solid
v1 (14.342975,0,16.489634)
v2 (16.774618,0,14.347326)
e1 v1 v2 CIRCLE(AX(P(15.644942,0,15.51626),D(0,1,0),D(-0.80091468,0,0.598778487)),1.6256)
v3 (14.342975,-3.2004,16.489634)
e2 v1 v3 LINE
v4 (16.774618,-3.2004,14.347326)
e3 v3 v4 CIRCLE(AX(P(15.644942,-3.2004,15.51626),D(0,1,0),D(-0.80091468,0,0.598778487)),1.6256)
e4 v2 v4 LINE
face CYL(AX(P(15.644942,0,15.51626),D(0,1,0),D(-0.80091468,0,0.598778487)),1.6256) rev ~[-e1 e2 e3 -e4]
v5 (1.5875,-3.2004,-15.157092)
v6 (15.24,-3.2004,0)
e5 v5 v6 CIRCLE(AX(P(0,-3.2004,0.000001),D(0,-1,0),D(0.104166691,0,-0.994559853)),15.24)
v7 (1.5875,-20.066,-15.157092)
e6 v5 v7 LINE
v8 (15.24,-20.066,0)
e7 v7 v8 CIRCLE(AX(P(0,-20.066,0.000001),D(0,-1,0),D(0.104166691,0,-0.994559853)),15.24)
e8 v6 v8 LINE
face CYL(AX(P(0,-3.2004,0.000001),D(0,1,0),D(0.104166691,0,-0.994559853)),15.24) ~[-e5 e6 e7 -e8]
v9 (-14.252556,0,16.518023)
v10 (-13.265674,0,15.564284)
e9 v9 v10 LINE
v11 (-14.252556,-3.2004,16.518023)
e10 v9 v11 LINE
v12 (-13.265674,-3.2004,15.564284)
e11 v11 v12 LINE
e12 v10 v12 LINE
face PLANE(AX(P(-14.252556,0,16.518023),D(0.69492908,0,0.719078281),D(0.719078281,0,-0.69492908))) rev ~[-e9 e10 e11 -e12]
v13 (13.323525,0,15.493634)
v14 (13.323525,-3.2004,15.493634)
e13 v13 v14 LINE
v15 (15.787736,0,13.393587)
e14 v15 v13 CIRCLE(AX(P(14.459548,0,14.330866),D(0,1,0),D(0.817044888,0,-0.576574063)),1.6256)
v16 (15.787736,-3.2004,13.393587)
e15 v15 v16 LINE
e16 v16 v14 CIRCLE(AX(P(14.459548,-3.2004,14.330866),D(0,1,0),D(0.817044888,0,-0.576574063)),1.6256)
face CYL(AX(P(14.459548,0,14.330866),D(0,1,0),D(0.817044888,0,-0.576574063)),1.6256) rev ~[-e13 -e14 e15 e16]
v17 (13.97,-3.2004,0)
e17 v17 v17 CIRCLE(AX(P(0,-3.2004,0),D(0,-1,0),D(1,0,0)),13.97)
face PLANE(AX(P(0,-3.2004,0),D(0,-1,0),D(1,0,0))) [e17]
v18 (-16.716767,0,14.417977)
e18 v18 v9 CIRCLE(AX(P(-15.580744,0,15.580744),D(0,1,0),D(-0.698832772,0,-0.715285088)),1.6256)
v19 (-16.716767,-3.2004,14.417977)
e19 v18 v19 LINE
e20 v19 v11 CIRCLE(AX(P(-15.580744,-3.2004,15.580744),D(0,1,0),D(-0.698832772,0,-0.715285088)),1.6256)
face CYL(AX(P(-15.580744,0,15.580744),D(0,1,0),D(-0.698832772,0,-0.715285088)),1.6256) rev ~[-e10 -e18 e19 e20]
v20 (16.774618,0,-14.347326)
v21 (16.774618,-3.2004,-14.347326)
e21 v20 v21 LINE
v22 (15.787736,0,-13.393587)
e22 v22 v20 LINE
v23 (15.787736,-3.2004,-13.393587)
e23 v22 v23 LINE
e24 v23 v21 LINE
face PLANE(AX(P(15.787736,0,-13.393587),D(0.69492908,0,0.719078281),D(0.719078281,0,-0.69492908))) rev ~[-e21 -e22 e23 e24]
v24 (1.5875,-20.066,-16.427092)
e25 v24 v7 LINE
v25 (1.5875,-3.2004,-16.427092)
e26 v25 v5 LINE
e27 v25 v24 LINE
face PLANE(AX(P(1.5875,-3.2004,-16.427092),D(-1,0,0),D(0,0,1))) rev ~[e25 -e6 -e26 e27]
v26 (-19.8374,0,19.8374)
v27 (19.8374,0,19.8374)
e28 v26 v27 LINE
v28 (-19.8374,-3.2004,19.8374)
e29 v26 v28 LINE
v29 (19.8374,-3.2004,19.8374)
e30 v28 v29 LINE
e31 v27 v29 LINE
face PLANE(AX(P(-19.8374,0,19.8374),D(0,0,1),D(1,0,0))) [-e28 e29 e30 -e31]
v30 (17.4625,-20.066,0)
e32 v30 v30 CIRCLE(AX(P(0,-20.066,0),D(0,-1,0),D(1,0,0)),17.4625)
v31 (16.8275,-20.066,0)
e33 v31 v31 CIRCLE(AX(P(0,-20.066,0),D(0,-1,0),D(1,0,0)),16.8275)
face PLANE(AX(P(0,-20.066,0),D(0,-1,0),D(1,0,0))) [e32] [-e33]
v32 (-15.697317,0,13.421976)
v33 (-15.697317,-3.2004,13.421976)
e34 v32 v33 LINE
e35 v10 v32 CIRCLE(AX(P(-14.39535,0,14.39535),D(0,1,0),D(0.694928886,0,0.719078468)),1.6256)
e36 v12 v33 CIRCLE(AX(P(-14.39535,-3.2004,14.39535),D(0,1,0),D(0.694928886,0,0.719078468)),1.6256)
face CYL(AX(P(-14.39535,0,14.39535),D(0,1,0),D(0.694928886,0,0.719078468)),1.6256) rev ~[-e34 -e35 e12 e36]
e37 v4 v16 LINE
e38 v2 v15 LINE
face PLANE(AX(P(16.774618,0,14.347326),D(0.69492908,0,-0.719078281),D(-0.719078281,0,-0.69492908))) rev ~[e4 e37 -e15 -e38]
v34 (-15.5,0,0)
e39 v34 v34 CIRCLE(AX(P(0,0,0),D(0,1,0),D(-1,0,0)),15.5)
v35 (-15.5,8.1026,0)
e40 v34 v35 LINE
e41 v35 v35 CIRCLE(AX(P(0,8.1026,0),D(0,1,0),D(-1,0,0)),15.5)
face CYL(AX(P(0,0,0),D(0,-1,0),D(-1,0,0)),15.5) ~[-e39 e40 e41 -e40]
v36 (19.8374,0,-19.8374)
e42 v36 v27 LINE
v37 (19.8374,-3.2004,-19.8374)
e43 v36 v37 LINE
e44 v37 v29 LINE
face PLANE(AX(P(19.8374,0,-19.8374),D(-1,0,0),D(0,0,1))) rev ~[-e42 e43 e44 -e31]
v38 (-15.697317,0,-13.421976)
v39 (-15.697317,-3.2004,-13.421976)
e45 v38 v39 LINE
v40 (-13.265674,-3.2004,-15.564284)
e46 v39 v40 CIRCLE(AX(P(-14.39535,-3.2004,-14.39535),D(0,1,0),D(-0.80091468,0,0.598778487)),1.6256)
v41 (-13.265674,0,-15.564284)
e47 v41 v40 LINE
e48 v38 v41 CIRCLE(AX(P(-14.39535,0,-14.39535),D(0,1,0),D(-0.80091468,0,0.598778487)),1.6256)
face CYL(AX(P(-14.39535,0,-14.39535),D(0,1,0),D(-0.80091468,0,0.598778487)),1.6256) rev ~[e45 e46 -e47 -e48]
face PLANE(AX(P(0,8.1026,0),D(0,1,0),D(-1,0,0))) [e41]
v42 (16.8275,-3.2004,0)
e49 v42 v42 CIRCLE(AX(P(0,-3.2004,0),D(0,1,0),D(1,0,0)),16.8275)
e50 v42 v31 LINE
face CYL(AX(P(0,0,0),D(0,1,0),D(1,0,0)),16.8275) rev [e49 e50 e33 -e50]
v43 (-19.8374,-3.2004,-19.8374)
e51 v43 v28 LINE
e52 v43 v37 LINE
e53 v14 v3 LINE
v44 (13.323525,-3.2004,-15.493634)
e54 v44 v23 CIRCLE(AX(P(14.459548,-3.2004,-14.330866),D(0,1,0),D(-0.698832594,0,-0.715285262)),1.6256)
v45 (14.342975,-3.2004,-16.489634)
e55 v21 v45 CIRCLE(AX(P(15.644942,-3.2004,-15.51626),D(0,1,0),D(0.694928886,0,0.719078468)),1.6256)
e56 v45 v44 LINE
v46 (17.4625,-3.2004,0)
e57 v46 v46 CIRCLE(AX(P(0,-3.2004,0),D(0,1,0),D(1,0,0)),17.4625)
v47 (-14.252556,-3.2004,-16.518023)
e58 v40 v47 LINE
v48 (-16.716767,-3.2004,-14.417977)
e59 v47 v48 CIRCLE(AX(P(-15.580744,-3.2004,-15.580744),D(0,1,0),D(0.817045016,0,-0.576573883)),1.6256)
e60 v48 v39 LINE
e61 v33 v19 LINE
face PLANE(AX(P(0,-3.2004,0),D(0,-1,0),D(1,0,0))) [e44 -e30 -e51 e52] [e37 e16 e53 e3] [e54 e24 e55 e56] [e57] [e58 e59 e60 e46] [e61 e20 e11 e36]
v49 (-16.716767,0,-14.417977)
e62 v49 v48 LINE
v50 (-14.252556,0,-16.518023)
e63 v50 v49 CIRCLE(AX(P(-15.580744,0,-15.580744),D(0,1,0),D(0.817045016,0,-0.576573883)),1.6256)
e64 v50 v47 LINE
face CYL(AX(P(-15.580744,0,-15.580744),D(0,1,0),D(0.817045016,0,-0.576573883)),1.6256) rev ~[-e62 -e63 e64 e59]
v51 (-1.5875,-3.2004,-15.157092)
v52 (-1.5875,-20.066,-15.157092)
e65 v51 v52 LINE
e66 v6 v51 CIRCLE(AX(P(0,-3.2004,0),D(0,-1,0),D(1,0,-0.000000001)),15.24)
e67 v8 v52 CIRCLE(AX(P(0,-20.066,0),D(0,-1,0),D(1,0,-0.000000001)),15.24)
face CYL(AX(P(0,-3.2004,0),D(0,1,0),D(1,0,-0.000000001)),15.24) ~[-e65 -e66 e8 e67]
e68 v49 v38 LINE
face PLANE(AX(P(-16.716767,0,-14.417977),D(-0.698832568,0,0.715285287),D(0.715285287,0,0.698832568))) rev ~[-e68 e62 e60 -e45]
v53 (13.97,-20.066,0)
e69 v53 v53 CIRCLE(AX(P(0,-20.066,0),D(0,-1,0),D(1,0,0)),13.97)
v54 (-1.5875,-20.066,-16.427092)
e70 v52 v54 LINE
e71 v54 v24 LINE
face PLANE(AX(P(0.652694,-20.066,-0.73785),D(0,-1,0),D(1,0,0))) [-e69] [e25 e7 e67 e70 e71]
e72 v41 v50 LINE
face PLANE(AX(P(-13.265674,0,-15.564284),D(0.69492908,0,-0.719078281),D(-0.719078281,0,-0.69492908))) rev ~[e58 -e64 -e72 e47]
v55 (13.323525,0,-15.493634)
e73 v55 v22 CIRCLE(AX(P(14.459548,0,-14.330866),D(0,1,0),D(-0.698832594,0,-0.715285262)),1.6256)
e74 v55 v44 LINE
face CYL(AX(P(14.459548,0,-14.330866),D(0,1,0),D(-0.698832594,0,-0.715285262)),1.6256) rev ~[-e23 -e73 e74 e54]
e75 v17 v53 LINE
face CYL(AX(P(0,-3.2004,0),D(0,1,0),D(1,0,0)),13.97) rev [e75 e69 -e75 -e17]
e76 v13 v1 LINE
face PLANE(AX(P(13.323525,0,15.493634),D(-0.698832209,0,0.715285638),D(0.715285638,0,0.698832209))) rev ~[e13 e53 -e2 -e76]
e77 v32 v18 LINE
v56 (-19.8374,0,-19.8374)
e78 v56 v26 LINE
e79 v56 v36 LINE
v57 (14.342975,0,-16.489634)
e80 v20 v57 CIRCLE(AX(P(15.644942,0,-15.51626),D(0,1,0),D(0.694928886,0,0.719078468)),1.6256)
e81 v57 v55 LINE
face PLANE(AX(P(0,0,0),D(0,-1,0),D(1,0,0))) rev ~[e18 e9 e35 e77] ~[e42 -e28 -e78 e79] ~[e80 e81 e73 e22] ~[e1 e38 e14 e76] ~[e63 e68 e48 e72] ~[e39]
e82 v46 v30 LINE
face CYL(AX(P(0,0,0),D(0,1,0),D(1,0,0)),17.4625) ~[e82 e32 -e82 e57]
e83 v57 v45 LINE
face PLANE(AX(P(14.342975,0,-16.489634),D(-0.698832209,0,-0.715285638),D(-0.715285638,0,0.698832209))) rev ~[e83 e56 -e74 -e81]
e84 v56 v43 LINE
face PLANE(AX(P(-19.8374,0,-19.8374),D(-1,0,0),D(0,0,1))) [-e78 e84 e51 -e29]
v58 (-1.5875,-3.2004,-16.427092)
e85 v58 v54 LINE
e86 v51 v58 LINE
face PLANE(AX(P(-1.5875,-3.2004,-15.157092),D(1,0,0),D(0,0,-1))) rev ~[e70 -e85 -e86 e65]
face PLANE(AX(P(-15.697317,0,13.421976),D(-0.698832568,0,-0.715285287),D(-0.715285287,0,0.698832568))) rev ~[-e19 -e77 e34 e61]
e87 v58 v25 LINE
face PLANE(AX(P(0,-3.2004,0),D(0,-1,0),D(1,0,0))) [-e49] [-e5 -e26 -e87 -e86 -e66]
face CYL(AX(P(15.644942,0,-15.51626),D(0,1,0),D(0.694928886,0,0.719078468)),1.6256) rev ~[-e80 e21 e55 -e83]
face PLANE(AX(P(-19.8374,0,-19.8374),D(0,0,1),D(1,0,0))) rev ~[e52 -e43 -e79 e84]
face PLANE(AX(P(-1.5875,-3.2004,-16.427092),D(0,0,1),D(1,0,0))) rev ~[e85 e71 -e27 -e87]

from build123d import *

# Parameters (mm, degrees)
F0_W     = 39.6748
F0_H     = 39.6748
F0_R     = 17.4625
F0_R_2   = 16.8275
F1_DEPTH = 3.2004
F2_DEPTH = 20.066
F3_R     = 13.97
F4_DEPTH = 16.8656
F5_R     = 15.5
F6_DEPTH = 8.1026


with BuildPart() as f1:
    # F0 (on Front) → F1 (new body)
    with BuildSketch(Plane.XZ):
        Rectangle(F0_W, F0_H)
        with BuildLine():
            Line((-13.265674, -15.564284), (-14.252556, -16.518023))
            ThreePointArc((-14.252556, -16.518023), (-16.635155, -16.817997), (-16.716767, -14.417977))
            Line((-16.716767, -14.417977), (-15.697317, -13.421976))
            ThreePointArc((-15.697317, -13.421976), (-13.320738, -13.175603), (-13.265674, -15.564284))
        make_face(mode=Mode.SUBTRACT)
        with BuildLine():
            ThreePointArc((13.323525, -15.493634), (13.405137, -13.093613), (15.787736, -13.393587))
            Line((15.787736, -13.393587), (16.774618, -14.347326))
            ThreePointArc((16.774618, -14.347326), (16.719554, -16.736007), (14.342975, -16.489634))
            Line((14.342975, -16.489634), (13.323525, -15.493634))
        make_face(mode=Mode.SUBTRACT)
        with BuildLine():
            ThreePointArc((-16.716767, 14.417977), (-16.635155, 16.817997), (-14.252556, 16.518023))
            Line((-14.252556, 16.518023), (-13.265674, 15.564284))
            ThreePointArc((-13.265674, 15.564284), (-13.320738, 13.175603), (-15.697317, 13.421976))
            Line((-15.697317, 13.421976), (-16.716767, 14.417977))
        make_face(mode=Mode.SUBTRACT)
        Circle(F0_R, mode=Mode.SUBTRACT)
        with BuildLine():
            Line((16.774618, 14.347326), (15.787736, 13.393587))
            ThreePointArc((15.787736, 13.393587), (13.405137, 13.093613), (13.323525, 15.493634))
            Line((13.323525, 15.493634), (14.342975, 16.489634))
            ThreePointArc((14.342975, 16.489634), (16.719554, 16.736007), (16.774618, 14.347326))
        make_face(mode=Mode.SUBTRACT)
        Circle(F0_R)
        Circle(F0_R_2, mode=Mode.SUBTRACT)
        Circle(F0_R_2)
    extrude(amount=F1_DEPTH)

    # F0 (on Front) → F2 (join)
    with BuildSketch(Plane.XZ):
        Circle(F0_R)
        Circle(F0_R_2, mode=Mode.SUBTRACT)
    extrude(amount=F2_DEPTH)

    # F3 (on face) → F4 (join)
    with BuildSketch(Plane.XZ.offset(3.2004)):
        with BuildLine():
            ThreePointArc((1.5875, -15.157092), (11.323672, -10.19961), (15.24, 0))
            ThreePointArc((15.24, 0), (-10.19961, 11.323672), (-1.5875, -15.157092))
            Line((-1.5875, -15.157092), (1.5875, -15.157092))
        make_face()
        Circle(F3_R, mode=Mode.SUBTRACT)
        with BuildLine():
            ThreePointArc((1.5875, -15.157092), (0, -15.24), (-1.5875, -15.157092))
            Line((-1.5875, -15.157092), (-1.5875, -16.427092))
            Line((-1.5875, -16.427092), (1.5875, -16.427092))
            Line((1.5875, -16.427092), (1.5875, -15.157092))
        make_face()
        with BuildLine():
            Line((1.5875, -15.157092), (-1.5875, -15.157092))
            ThreePointArc((-1.5875, -15.157092), (0, -15.24), (1.5875, -15.157092))
        make_face()
    extrude(amount=F4_DEPTH)

    # F5 (on face) → F6 (join)
    with BuildSketch(Plane(origin=(0, 0, 0), x_dir=(-1, 0, 0), z_dir=(0, 1, 0))):
        Circle(F5_R)
    extrude(amount=F6_DEPTH)


solid = f1.part
